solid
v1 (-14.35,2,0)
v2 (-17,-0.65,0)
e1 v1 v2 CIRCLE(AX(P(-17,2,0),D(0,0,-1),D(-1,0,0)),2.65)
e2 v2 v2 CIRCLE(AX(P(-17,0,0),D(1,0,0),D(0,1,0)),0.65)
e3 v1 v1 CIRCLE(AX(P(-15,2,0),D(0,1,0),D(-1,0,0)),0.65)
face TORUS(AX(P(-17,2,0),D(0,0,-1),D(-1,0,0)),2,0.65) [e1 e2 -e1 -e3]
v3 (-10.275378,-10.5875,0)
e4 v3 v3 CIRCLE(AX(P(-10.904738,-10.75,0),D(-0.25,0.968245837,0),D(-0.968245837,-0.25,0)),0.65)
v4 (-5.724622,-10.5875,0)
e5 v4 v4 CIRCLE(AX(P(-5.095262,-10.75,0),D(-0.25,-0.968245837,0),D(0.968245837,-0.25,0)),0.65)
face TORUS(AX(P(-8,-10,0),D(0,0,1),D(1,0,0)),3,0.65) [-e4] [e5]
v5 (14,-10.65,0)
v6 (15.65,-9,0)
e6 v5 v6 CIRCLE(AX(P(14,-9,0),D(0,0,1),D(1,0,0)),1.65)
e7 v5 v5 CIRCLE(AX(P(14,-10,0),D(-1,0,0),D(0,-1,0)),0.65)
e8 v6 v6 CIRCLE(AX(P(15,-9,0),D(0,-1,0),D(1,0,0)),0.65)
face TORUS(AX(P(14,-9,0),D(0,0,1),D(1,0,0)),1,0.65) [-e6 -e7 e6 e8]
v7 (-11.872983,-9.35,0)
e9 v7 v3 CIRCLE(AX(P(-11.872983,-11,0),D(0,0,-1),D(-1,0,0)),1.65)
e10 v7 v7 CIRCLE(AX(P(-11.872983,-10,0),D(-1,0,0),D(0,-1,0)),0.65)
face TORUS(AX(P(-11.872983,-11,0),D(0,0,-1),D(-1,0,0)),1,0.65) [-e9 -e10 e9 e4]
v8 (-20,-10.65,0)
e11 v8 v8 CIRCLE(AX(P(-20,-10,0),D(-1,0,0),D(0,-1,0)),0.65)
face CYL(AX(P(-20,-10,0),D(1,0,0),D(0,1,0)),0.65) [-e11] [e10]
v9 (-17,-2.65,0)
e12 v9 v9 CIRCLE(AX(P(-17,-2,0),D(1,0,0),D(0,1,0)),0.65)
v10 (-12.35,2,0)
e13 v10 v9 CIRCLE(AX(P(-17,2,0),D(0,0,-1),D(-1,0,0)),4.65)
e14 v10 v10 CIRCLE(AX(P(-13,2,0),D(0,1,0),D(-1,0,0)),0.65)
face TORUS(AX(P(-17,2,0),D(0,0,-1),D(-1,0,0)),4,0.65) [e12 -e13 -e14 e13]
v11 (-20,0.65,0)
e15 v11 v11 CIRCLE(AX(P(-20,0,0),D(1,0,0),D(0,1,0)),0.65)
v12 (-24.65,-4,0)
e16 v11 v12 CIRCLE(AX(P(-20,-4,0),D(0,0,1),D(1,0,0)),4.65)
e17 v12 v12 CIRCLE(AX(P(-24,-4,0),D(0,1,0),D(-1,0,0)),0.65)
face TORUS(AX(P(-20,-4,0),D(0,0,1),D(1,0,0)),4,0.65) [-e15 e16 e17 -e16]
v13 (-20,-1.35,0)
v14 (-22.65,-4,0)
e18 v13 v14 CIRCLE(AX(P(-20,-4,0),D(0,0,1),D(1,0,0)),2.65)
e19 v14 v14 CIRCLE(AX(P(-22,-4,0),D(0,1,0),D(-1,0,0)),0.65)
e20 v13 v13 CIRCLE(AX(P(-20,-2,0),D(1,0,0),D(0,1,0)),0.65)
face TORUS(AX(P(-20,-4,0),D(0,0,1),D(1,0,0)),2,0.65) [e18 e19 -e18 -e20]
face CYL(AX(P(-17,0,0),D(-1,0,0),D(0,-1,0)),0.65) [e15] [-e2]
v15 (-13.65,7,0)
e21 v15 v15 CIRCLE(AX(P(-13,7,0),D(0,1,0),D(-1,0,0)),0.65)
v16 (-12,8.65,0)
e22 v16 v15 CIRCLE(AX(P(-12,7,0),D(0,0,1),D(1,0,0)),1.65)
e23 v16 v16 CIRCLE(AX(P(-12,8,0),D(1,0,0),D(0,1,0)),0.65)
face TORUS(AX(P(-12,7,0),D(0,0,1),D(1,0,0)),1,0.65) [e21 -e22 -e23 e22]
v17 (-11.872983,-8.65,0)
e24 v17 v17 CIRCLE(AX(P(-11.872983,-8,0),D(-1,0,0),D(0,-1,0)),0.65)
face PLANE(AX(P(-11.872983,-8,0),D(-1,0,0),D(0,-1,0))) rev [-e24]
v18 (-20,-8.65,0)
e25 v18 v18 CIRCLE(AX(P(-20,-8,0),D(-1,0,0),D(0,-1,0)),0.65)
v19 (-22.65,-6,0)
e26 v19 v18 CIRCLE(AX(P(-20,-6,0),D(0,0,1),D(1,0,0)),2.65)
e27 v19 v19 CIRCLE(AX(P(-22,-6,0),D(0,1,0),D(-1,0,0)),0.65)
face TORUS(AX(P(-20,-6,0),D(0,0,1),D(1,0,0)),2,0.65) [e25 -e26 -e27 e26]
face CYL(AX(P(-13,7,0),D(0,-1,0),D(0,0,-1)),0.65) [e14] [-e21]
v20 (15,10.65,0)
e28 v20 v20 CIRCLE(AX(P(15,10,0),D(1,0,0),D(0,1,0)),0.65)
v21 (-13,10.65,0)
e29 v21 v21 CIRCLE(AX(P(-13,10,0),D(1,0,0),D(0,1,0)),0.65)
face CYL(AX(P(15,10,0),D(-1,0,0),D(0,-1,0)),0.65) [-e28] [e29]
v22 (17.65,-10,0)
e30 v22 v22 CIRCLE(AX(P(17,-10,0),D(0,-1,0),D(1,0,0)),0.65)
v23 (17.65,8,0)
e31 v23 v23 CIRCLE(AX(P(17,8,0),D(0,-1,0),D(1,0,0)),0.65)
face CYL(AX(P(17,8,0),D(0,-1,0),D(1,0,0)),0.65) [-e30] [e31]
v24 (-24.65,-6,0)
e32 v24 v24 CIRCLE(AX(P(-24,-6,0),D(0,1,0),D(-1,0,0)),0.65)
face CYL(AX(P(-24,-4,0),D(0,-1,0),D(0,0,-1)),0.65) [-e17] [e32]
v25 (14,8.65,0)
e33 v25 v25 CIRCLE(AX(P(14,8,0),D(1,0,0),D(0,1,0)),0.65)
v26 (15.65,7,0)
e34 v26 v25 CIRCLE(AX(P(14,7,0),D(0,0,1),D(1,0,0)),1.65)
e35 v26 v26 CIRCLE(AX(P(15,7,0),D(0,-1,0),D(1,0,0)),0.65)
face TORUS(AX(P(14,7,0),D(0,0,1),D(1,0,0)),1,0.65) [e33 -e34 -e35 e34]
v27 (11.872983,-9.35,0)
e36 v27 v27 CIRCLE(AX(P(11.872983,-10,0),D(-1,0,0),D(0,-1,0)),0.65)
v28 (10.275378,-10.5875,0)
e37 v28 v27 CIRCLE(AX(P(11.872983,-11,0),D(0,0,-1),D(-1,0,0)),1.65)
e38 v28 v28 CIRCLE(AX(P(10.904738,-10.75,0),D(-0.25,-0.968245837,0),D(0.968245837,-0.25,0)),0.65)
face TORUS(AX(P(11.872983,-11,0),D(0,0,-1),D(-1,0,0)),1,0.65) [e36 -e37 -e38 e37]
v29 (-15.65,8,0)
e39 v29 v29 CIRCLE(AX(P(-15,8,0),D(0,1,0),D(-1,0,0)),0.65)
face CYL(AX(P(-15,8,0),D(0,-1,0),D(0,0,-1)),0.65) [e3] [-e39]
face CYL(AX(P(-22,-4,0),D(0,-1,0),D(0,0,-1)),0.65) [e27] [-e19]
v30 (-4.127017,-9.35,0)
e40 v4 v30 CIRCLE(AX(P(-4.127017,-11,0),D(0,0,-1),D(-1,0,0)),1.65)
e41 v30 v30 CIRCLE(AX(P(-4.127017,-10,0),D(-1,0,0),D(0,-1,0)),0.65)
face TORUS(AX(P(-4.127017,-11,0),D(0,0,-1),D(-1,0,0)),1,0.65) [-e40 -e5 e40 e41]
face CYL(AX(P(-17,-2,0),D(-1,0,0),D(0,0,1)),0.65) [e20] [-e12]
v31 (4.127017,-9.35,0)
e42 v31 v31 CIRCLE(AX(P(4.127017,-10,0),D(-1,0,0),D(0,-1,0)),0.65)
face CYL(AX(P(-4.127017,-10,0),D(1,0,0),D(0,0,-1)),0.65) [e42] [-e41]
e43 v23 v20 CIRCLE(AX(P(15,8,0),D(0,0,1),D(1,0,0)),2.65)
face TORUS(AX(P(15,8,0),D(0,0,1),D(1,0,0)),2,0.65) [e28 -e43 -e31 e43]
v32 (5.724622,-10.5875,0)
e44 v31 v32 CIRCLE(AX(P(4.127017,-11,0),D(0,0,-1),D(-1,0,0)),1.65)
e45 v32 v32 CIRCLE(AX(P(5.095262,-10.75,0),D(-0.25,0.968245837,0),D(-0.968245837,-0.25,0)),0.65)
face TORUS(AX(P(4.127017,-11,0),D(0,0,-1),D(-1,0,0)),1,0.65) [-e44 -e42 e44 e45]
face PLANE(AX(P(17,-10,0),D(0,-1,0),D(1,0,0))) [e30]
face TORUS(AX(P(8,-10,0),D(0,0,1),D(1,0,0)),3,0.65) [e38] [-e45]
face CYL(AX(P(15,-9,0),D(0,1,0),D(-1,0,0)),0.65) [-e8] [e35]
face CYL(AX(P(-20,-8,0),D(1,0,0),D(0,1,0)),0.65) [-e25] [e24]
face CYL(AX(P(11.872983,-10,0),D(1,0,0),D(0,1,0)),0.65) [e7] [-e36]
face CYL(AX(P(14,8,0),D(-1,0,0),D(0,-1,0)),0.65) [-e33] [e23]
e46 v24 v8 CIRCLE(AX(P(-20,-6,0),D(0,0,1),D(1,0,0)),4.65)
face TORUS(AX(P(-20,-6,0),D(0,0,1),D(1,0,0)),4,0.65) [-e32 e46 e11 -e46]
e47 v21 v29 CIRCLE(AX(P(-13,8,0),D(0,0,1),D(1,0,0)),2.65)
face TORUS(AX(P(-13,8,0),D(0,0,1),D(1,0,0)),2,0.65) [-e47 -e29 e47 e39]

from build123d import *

# Parameters (mm, degrees)
SKETCH_3_R = 0.65


with BuildPart() as part:
    # По траектории1: sweep along a path in Эскиз2
    with BuildLine(Plane.XY) as sweep_1_path:
        Line((17, -10), (17, 8))
        ThreePointArc((17, 8), (16.414213562, 9.414213562), (15, 10))
        Line((15, 10), (-13, 10))
        ThreePointArc((-13, 10), (-14.414213562, 9.414213562), (-15, 8))
        Line((-15, 8), (-15, 2))
        ThreePointArc((-15, 2), (-15.585786438, 0.585786438), (-17, 0))
        Line((-17, 0), (-20, 0))
        ThreePointArc((-20, 0), (-22.828427125, -1.171572875), (-24, -4))
        Line((-24, -4), (-24, -6))
        ThreePointArc((-24, -6), (-22.828427125, -8.828427125), (-20, -10))
        Line((-20, -10), (-11.872983346, -10))
        ThreePointArc((-11.872983346, -10), (-11.260610911, -10.209430585), (-10.90473751, -10.75))
        ThreePointArc((-10.90473751, -10.75), (-8, -13), (-5.09526249, -10.75))
        ThreePointArc((-5.09526249, -10.75), (-4.739389089, -10.209430585), (-4.127016654, -10))
        Line((-4.127016654, -10), (4.127016654, -10))
        ThreePointArc((4.127016654, -10), (4.739389089, -10.209430585), (5.09526249, -10.75))
        ThreePointArc((5.09526249, -10.75), (8, -13), (10.90473751, -10.75))
        ThreePointArc((10.90473751, -10.75), (11.260610911, -10.209430585), (11.872983346, -10))
        Line((11.872983346, -10), (14, -10))
        ThreePointArc((14, -10), (14.707106781, -9.707106781), (15, -9))
        Line((15, -9), (15, 7))
        ThreePointArc((15, 7), (14.707106781, 7.707106781), (14, 8))
        Line((14, 8), (-12, 8))
        ThreePointArc((-12, 8), (-12.707106781, 7.707106781), (-13, 7))
        Line((-13, 7), (-13, 2))
        ThreePointArc((-13, 2), (-14.171572875, -0.828427125), (-17, -2))
        Line((-17, -2), (-20, -2))
        ThreePointArc((-20, -2), (-21.414213562, -2.585786438), (-22, -4))
        Line((-22, -4), (-22, -6))
        ThreePointArc((-22, -6), (-21.414213562, -7.414213562), (-20, -8))
        Line((-20, -8), (-11.872983346, -8))
    # Эскиз3 → По траектории1 (sweep)
    with BuildSketch(Plane(origin=(17, -10, 0), x_dir=(-1, 0, 0), z_dir=(0, -1, 0))):
        Circle(SKETCH_3_R)
    sweep(path=sweep_1_path.line)


solid = part.part
